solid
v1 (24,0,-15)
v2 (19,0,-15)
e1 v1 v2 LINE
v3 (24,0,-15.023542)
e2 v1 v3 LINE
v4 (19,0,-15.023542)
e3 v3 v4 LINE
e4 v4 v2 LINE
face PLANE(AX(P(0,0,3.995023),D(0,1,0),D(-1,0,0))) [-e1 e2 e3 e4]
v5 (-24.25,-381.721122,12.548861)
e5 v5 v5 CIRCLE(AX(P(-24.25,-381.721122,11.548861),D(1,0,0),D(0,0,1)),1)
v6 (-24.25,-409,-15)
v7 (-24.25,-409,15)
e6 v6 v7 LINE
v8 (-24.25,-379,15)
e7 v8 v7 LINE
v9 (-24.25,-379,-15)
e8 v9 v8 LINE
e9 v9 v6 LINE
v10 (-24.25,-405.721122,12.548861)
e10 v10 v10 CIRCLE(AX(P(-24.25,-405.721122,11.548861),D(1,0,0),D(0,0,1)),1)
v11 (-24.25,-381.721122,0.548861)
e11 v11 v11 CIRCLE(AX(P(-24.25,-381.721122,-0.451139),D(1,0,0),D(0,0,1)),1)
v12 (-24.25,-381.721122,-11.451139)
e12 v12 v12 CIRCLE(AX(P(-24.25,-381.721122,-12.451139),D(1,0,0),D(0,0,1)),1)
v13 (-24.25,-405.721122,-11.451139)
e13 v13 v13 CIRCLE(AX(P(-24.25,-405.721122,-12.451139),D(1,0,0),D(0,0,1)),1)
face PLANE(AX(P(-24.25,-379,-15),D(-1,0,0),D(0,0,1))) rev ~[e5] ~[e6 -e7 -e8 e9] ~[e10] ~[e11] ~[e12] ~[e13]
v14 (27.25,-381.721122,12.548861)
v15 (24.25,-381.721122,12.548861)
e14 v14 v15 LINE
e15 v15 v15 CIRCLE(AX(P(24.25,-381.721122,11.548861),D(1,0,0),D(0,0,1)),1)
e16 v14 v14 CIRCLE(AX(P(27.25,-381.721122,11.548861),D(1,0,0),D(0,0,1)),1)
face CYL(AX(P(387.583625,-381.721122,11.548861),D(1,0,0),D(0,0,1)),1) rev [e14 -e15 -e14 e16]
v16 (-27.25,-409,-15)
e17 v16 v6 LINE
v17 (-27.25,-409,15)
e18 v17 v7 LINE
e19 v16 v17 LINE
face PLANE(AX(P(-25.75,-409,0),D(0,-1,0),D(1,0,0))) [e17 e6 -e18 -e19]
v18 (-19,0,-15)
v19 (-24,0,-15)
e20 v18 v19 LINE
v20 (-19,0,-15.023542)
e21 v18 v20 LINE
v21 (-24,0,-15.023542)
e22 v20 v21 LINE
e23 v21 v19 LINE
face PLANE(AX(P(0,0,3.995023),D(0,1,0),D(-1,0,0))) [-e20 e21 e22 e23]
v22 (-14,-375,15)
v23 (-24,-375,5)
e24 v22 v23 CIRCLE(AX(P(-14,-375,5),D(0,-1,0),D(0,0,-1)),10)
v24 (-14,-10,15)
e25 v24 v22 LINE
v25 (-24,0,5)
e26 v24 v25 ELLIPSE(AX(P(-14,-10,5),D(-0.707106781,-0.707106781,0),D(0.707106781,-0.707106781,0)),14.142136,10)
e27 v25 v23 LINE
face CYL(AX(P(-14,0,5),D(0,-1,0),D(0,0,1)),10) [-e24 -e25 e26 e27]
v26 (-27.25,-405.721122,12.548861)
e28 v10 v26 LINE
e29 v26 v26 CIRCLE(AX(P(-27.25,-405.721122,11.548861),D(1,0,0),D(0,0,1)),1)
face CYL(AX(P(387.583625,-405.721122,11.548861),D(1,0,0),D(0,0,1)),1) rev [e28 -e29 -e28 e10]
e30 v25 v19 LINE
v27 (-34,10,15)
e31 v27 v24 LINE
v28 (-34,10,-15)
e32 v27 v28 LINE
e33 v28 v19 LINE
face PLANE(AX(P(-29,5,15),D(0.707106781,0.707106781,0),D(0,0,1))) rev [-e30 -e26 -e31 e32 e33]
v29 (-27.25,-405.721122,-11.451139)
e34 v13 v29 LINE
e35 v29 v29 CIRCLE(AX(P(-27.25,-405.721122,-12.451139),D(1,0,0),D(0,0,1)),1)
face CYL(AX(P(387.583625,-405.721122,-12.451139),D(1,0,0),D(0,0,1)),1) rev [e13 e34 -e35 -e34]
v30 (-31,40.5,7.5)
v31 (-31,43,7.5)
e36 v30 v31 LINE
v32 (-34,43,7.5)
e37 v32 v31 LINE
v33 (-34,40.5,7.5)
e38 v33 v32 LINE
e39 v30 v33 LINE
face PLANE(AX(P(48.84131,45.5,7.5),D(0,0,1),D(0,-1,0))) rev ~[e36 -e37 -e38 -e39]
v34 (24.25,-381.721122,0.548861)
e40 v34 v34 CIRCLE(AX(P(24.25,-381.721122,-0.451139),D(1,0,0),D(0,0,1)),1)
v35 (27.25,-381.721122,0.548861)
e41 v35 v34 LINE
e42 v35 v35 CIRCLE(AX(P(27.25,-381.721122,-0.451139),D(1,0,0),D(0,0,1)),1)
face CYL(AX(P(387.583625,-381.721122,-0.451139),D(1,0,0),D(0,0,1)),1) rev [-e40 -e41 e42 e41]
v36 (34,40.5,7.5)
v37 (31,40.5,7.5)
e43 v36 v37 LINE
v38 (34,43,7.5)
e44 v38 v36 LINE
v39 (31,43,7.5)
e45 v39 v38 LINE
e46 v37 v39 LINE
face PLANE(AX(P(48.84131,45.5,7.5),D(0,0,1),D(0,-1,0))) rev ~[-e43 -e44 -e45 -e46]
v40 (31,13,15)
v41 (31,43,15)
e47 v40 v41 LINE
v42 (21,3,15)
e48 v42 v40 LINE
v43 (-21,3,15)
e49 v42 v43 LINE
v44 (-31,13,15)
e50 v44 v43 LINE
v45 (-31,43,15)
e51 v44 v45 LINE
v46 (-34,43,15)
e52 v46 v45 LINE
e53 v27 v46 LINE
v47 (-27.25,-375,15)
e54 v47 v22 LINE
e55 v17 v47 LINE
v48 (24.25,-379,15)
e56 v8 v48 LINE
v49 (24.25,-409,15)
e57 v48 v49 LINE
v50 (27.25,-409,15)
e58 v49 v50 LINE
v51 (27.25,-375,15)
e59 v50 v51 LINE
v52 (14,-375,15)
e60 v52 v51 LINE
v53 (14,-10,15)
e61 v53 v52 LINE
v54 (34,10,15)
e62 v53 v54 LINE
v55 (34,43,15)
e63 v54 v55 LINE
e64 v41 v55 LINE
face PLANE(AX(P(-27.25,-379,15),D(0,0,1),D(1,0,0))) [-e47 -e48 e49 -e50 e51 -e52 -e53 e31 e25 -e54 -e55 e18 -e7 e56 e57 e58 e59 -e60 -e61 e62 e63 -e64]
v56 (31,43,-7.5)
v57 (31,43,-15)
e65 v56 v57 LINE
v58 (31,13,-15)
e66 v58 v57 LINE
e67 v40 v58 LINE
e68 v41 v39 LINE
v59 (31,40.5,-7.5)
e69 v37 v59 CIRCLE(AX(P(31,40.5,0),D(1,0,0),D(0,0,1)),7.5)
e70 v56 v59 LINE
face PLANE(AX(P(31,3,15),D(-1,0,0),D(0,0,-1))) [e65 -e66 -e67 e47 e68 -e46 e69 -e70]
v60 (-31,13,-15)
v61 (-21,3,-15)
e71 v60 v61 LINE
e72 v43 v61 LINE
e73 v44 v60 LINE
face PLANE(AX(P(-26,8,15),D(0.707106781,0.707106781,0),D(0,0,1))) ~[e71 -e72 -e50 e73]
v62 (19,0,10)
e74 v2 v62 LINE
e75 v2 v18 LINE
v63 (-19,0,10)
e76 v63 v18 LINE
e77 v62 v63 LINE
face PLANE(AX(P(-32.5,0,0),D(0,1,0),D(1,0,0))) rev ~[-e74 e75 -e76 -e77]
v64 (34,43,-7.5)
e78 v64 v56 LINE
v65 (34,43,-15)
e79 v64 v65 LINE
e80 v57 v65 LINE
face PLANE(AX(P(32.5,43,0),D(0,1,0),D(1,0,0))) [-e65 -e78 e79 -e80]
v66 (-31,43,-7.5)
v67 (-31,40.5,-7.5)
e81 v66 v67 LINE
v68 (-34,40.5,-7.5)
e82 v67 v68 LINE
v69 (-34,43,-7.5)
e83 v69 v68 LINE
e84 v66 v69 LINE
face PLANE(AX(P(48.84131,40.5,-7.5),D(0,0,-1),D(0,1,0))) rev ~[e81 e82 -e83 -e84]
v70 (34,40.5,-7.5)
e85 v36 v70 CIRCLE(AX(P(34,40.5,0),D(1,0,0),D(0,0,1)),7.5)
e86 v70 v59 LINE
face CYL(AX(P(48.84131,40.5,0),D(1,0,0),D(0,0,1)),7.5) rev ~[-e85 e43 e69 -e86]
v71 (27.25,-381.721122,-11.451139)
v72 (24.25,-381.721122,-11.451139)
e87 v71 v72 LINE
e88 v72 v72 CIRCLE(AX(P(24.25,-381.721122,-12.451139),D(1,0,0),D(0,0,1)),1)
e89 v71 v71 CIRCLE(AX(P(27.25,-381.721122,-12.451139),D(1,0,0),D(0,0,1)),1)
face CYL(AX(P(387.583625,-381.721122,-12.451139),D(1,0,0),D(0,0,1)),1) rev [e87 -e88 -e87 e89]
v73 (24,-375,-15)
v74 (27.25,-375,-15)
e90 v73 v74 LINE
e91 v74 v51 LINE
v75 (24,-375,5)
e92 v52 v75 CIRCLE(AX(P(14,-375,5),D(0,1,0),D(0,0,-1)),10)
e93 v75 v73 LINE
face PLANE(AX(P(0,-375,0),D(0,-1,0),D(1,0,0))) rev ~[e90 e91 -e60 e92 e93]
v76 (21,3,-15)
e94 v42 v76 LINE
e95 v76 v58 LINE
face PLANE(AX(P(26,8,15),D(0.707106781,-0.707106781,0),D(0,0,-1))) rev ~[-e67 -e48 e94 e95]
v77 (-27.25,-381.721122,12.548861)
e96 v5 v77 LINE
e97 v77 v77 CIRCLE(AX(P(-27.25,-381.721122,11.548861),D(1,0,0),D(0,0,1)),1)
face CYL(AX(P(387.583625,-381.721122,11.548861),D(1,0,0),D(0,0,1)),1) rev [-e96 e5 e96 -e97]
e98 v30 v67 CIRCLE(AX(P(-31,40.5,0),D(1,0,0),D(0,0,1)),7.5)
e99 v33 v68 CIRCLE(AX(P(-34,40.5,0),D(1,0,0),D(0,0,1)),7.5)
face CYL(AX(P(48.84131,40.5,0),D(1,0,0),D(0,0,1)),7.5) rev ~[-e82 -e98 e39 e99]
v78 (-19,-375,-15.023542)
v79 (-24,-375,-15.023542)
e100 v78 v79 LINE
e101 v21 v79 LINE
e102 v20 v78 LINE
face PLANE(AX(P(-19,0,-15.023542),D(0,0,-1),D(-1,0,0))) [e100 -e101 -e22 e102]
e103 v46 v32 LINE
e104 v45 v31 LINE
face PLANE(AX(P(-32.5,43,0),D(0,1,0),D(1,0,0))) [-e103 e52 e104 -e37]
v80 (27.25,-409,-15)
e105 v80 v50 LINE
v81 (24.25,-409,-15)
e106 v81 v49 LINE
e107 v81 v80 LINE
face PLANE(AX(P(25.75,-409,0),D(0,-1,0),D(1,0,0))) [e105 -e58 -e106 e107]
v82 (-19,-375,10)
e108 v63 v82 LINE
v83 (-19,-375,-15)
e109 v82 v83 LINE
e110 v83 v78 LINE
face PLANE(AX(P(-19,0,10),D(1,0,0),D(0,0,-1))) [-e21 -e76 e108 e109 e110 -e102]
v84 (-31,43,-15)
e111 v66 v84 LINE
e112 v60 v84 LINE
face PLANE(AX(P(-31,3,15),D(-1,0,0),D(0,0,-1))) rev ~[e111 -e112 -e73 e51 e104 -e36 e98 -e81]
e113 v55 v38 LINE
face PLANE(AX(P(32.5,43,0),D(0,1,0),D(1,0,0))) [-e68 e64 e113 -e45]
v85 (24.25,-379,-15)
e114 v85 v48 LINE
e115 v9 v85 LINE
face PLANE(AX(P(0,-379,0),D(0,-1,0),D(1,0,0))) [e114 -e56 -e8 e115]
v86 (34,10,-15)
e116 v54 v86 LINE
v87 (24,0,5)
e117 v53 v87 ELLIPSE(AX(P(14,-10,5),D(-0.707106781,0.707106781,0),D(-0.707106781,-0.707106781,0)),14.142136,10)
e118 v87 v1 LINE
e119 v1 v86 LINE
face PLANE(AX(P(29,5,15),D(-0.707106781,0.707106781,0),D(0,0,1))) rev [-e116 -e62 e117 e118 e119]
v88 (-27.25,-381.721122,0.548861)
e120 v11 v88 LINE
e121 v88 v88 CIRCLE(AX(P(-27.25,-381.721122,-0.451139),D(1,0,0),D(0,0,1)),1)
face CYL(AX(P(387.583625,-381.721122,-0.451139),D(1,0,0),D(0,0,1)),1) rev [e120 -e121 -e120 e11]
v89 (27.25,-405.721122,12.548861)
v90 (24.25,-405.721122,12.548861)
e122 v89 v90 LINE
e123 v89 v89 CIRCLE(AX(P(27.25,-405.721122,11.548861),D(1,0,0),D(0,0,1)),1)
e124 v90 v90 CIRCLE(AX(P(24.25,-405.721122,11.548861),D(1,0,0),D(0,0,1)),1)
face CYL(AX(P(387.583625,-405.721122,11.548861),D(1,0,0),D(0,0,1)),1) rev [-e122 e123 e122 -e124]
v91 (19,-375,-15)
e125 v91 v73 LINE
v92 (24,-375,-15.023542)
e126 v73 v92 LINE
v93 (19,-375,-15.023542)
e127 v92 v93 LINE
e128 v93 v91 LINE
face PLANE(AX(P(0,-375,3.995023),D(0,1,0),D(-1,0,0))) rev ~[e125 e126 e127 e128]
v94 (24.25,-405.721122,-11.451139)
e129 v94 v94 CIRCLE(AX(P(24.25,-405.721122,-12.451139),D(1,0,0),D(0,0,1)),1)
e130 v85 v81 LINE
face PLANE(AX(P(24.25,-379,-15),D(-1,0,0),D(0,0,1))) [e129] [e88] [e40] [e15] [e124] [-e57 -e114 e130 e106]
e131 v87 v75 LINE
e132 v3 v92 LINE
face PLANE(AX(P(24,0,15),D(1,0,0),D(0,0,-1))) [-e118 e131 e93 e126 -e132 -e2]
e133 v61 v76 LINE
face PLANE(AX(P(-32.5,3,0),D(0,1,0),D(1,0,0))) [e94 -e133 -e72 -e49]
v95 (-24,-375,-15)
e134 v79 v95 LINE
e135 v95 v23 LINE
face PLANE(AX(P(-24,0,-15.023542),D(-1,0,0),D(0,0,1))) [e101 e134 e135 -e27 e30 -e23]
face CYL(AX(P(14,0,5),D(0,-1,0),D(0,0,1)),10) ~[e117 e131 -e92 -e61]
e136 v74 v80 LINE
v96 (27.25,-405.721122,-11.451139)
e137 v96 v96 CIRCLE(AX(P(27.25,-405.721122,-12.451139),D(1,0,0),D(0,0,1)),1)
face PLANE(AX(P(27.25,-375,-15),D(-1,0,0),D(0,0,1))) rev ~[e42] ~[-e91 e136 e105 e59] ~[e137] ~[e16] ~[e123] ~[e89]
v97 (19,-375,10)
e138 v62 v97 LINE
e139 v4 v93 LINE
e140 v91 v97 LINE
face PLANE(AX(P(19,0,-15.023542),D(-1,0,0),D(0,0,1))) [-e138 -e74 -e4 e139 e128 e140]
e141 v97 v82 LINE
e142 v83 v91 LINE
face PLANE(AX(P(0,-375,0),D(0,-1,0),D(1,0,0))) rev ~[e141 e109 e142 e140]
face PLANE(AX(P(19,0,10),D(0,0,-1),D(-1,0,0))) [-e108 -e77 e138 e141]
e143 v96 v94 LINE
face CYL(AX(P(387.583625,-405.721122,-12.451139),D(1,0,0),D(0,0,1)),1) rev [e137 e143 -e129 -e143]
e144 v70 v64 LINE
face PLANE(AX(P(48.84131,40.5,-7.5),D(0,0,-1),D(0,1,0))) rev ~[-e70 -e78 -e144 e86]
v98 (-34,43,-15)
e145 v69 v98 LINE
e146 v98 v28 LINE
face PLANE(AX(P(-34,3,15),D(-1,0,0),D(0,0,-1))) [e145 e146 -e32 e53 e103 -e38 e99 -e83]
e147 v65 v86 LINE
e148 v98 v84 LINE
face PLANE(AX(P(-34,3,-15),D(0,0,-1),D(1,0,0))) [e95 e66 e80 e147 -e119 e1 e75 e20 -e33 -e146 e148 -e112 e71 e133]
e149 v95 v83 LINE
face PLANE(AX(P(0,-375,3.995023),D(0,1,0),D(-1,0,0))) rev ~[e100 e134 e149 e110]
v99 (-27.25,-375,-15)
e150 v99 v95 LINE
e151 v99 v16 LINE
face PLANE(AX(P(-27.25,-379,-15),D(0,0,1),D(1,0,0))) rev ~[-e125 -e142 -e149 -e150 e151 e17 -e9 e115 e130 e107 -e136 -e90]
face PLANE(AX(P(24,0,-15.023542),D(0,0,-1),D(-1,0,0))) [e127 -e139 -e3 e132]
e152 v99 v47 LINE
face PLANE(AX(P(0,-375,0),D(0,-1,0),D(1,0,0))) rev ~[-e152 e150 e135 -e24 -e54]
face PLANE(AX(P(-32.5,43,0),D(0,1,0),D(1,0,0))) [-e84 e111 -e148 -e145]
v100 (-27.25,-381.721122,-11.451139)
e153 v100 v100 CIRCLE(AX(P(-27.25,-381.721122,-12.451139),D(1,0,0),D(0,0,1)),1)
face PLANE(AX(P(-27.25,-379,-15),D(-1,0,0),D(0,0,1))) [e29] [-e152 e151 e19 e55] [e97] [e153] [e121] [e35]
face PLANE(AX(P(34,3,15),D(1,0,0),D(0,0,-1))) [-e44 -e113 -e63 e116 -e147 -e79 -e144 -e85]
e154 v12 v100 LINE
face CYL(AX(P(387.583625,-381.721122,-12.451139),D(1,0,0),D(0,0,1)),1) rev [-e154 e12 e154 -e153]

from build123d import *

# Parameters (mm, degrees)
SKETCH2_W               = 32
SKETCH2_H               = 30
SKETCH2_W_2             = 15
BOSS_EXTRUDE1_DEPTH     = 3
SKETCH4_W               = 3
SKETCH4_H               = 30
BOSS_EXTRUDE2_DEPTH     = 3
SKETCH5_W               = 3
SKETCH5_H               = 30
BOSS_EXTRUDE3_DEPTH     = 40
CUT_EXTRUDE1_DEPTH      = 82.841309862
CUT_EXTRUDE1_DEPTH_BACK = 82.841309862
CHAMFER1_SIZE           = 10
BOSS_EXTRUDE4_DEPTH     = 375
FILLET2_R               = 10
SKETCH8_W               = 54.5
SKETCH8_H               = 30
BOSS_EXTRUDE5_DEPTH     = 4
SKETCH9_W               = 3
SKETCH9_H               = 30
BOSS_EXTRUDE6_DEPTH     = 30
CUT_EXTRUDE2_DEPTH      = 414.833625156
CUT_EXTRUDE2_DEPTH_BACK = 414.833625156
SKETCH10_R              = 1


with BuildPart() as part:
    # Sketch2 → Boss-Extrude1 (new body)
    with BuildSketch(Plane(origin=(0, 0, 0), x_dir=(1, 0, 0), z_dir=(0, 1, 0))):
        Rectangle(SKETCH2_W, SKETCH2_H)
        with Locations((-23.5, 0)):
            Rectangle(SKETCH2_W_2, SKETCH2_H)
        with Locations((23.5, 0)):
            Rectangle(SKETCH2_W_2, SKETCH2_H)
    extrude(amount=BOSS_EXTRUDE1_DEPTH)

    # Sketch4 → Boss-Extrude2 (add)
    with BuildSketch(Plane(origin=(0, 3, 0), x_dir=(1, 0, 0), z_dir=(0, 1, 0))):
        with Locations((-32.5, 0)):
            Rectangle(SKETCH4_W, SKETCH4_H)
        with Locations((32.5, 0)):
            Rectangle(SKETCH4_W, SKETCH4_H)
    extrude(amount=-BOSS_EXTRUDE2_DEPTH)

    # Sketch5 → Boss-Extrude3 (add)
    with BuildSketch(Plane(origin=(0, 3, 0), x_dir=(1, 0, 0), z_dir=(0, 1, 0))):
        with Locations((-32.5, 0)):
            Rectangle(SKETCH5_W, SKETCH5_H)
        with Locations((32.5, 0)):
            Rectangle(SKETCH5_W, SKETCH5_H)
    extrude(amount=BOSS_EXTRUDE3_DEPTH)

    # Sketch6 → Cut-Extrude1 (cut, two sides: drawn at the far end of the back side and taken through both)
    with BuildSketch(Plane.ZY.offset(34).offset(-CUT_EXTRUDE1_DEPTH_BACK)):
        with BuildLine():
            Line((-7.5, 45.5), (7.5, 45.5))
            Line((7.5, 45.5), (7.5, 40.5))
            ThreePointArc((7.5, 40.5), (0, 33), (-7.5, 40.5))
            Line((-7.5, 40.5), (-7.5, 45.5))
        make_face()
    extrude(amount=CUT_EXTRUDE1_DEPTH + CUT_EXTRUDE1_DEPTH_BACK, mode=Mode.SUBTRACT)

    # Chamfer1
    chamfer1_edges = [part.edges().sort_by_distance(p)[0] for p in [
        (-34, 0, 0),
        (34, 0, 0),
        (-31, 3, 0),
        (31, 3, 0),
    ]]
    chamfer(chamfer1_edges, length=CHAMFER1_SIZE)

    # Sketch7 → Boss-Extrude4 (add)
    with BuildSketch(Plane.XZ):
        Polygon((-24, 15), (24, 15), (24, -15.023541852), (19, -15.023541852), (19, 10), (-19, 10), (-19, -15.023541852), (-24, -15.023541852), align=None)
    extrude(amount=BOSS_EXTRUDE4_DEPTH)

    # Fillet2
    fillet2_edges = [part.edges().sort_by_distance(p)[0] for p in [
        (24, -187.5, 15),
        (-24, -187.5, 15),
    ]]
    fillet(fillet2_edges, radius=FILLET2_R)

    # Sketch8 → Boss-Extrude5 (add)
    with BuildSketch(Plane.XZ.offset(375)):
        Rectangle(SKETCH8_W, SKETCH8_H)
    extrude(amount=BOSS_EXTRUDE5_DEPTH)

    # Sketch9 → Boss-Extrude6 (add)
    with BuildSketch(Plane.XZ.offset(379)):
        with Locations((-25.75, 0)):
            Rectangle(SKETCH9_W, SKETCH9_H)
        with Locations((25.75, 0)):
            Rectangle(SKETCH9_W, SKETCH9_H)
    extrude(amount=BOSS_EXTRUDE6_DEPTH)

    # Sketch10 → Cut-Extrude2 (cut, two sides: drawn at the far end of the back side and taken through both)
    with BuildSketch(Plane.ZY.offset(27.25).offset(-CUT_EXTRUDE2_DEPTH_BACK)):
        with Locations((-12.451139345, -405.721121856)):
            Circle(SKETCH10_R)
        with Locations((11.548860655, -405.721121856)):
            Circle(SKETCH10_R)
        with Locations((-12.451139345, -381.721121856)):
            Circle(SKETCH10_R)
        with Locations((11.548860655, -381.721121856)):
            Circle(SKETCH10_R)
        with Locations((-0.451139345, -381.721121856)):
            Circle(SKETCH10_R)
    extrude(amount=CUT_EXTRUDE2_DEPTH + CUT_EXTRUDE2_DEPTH_BACK, mode=Mode.SUBTRACT)


solid = part.part
